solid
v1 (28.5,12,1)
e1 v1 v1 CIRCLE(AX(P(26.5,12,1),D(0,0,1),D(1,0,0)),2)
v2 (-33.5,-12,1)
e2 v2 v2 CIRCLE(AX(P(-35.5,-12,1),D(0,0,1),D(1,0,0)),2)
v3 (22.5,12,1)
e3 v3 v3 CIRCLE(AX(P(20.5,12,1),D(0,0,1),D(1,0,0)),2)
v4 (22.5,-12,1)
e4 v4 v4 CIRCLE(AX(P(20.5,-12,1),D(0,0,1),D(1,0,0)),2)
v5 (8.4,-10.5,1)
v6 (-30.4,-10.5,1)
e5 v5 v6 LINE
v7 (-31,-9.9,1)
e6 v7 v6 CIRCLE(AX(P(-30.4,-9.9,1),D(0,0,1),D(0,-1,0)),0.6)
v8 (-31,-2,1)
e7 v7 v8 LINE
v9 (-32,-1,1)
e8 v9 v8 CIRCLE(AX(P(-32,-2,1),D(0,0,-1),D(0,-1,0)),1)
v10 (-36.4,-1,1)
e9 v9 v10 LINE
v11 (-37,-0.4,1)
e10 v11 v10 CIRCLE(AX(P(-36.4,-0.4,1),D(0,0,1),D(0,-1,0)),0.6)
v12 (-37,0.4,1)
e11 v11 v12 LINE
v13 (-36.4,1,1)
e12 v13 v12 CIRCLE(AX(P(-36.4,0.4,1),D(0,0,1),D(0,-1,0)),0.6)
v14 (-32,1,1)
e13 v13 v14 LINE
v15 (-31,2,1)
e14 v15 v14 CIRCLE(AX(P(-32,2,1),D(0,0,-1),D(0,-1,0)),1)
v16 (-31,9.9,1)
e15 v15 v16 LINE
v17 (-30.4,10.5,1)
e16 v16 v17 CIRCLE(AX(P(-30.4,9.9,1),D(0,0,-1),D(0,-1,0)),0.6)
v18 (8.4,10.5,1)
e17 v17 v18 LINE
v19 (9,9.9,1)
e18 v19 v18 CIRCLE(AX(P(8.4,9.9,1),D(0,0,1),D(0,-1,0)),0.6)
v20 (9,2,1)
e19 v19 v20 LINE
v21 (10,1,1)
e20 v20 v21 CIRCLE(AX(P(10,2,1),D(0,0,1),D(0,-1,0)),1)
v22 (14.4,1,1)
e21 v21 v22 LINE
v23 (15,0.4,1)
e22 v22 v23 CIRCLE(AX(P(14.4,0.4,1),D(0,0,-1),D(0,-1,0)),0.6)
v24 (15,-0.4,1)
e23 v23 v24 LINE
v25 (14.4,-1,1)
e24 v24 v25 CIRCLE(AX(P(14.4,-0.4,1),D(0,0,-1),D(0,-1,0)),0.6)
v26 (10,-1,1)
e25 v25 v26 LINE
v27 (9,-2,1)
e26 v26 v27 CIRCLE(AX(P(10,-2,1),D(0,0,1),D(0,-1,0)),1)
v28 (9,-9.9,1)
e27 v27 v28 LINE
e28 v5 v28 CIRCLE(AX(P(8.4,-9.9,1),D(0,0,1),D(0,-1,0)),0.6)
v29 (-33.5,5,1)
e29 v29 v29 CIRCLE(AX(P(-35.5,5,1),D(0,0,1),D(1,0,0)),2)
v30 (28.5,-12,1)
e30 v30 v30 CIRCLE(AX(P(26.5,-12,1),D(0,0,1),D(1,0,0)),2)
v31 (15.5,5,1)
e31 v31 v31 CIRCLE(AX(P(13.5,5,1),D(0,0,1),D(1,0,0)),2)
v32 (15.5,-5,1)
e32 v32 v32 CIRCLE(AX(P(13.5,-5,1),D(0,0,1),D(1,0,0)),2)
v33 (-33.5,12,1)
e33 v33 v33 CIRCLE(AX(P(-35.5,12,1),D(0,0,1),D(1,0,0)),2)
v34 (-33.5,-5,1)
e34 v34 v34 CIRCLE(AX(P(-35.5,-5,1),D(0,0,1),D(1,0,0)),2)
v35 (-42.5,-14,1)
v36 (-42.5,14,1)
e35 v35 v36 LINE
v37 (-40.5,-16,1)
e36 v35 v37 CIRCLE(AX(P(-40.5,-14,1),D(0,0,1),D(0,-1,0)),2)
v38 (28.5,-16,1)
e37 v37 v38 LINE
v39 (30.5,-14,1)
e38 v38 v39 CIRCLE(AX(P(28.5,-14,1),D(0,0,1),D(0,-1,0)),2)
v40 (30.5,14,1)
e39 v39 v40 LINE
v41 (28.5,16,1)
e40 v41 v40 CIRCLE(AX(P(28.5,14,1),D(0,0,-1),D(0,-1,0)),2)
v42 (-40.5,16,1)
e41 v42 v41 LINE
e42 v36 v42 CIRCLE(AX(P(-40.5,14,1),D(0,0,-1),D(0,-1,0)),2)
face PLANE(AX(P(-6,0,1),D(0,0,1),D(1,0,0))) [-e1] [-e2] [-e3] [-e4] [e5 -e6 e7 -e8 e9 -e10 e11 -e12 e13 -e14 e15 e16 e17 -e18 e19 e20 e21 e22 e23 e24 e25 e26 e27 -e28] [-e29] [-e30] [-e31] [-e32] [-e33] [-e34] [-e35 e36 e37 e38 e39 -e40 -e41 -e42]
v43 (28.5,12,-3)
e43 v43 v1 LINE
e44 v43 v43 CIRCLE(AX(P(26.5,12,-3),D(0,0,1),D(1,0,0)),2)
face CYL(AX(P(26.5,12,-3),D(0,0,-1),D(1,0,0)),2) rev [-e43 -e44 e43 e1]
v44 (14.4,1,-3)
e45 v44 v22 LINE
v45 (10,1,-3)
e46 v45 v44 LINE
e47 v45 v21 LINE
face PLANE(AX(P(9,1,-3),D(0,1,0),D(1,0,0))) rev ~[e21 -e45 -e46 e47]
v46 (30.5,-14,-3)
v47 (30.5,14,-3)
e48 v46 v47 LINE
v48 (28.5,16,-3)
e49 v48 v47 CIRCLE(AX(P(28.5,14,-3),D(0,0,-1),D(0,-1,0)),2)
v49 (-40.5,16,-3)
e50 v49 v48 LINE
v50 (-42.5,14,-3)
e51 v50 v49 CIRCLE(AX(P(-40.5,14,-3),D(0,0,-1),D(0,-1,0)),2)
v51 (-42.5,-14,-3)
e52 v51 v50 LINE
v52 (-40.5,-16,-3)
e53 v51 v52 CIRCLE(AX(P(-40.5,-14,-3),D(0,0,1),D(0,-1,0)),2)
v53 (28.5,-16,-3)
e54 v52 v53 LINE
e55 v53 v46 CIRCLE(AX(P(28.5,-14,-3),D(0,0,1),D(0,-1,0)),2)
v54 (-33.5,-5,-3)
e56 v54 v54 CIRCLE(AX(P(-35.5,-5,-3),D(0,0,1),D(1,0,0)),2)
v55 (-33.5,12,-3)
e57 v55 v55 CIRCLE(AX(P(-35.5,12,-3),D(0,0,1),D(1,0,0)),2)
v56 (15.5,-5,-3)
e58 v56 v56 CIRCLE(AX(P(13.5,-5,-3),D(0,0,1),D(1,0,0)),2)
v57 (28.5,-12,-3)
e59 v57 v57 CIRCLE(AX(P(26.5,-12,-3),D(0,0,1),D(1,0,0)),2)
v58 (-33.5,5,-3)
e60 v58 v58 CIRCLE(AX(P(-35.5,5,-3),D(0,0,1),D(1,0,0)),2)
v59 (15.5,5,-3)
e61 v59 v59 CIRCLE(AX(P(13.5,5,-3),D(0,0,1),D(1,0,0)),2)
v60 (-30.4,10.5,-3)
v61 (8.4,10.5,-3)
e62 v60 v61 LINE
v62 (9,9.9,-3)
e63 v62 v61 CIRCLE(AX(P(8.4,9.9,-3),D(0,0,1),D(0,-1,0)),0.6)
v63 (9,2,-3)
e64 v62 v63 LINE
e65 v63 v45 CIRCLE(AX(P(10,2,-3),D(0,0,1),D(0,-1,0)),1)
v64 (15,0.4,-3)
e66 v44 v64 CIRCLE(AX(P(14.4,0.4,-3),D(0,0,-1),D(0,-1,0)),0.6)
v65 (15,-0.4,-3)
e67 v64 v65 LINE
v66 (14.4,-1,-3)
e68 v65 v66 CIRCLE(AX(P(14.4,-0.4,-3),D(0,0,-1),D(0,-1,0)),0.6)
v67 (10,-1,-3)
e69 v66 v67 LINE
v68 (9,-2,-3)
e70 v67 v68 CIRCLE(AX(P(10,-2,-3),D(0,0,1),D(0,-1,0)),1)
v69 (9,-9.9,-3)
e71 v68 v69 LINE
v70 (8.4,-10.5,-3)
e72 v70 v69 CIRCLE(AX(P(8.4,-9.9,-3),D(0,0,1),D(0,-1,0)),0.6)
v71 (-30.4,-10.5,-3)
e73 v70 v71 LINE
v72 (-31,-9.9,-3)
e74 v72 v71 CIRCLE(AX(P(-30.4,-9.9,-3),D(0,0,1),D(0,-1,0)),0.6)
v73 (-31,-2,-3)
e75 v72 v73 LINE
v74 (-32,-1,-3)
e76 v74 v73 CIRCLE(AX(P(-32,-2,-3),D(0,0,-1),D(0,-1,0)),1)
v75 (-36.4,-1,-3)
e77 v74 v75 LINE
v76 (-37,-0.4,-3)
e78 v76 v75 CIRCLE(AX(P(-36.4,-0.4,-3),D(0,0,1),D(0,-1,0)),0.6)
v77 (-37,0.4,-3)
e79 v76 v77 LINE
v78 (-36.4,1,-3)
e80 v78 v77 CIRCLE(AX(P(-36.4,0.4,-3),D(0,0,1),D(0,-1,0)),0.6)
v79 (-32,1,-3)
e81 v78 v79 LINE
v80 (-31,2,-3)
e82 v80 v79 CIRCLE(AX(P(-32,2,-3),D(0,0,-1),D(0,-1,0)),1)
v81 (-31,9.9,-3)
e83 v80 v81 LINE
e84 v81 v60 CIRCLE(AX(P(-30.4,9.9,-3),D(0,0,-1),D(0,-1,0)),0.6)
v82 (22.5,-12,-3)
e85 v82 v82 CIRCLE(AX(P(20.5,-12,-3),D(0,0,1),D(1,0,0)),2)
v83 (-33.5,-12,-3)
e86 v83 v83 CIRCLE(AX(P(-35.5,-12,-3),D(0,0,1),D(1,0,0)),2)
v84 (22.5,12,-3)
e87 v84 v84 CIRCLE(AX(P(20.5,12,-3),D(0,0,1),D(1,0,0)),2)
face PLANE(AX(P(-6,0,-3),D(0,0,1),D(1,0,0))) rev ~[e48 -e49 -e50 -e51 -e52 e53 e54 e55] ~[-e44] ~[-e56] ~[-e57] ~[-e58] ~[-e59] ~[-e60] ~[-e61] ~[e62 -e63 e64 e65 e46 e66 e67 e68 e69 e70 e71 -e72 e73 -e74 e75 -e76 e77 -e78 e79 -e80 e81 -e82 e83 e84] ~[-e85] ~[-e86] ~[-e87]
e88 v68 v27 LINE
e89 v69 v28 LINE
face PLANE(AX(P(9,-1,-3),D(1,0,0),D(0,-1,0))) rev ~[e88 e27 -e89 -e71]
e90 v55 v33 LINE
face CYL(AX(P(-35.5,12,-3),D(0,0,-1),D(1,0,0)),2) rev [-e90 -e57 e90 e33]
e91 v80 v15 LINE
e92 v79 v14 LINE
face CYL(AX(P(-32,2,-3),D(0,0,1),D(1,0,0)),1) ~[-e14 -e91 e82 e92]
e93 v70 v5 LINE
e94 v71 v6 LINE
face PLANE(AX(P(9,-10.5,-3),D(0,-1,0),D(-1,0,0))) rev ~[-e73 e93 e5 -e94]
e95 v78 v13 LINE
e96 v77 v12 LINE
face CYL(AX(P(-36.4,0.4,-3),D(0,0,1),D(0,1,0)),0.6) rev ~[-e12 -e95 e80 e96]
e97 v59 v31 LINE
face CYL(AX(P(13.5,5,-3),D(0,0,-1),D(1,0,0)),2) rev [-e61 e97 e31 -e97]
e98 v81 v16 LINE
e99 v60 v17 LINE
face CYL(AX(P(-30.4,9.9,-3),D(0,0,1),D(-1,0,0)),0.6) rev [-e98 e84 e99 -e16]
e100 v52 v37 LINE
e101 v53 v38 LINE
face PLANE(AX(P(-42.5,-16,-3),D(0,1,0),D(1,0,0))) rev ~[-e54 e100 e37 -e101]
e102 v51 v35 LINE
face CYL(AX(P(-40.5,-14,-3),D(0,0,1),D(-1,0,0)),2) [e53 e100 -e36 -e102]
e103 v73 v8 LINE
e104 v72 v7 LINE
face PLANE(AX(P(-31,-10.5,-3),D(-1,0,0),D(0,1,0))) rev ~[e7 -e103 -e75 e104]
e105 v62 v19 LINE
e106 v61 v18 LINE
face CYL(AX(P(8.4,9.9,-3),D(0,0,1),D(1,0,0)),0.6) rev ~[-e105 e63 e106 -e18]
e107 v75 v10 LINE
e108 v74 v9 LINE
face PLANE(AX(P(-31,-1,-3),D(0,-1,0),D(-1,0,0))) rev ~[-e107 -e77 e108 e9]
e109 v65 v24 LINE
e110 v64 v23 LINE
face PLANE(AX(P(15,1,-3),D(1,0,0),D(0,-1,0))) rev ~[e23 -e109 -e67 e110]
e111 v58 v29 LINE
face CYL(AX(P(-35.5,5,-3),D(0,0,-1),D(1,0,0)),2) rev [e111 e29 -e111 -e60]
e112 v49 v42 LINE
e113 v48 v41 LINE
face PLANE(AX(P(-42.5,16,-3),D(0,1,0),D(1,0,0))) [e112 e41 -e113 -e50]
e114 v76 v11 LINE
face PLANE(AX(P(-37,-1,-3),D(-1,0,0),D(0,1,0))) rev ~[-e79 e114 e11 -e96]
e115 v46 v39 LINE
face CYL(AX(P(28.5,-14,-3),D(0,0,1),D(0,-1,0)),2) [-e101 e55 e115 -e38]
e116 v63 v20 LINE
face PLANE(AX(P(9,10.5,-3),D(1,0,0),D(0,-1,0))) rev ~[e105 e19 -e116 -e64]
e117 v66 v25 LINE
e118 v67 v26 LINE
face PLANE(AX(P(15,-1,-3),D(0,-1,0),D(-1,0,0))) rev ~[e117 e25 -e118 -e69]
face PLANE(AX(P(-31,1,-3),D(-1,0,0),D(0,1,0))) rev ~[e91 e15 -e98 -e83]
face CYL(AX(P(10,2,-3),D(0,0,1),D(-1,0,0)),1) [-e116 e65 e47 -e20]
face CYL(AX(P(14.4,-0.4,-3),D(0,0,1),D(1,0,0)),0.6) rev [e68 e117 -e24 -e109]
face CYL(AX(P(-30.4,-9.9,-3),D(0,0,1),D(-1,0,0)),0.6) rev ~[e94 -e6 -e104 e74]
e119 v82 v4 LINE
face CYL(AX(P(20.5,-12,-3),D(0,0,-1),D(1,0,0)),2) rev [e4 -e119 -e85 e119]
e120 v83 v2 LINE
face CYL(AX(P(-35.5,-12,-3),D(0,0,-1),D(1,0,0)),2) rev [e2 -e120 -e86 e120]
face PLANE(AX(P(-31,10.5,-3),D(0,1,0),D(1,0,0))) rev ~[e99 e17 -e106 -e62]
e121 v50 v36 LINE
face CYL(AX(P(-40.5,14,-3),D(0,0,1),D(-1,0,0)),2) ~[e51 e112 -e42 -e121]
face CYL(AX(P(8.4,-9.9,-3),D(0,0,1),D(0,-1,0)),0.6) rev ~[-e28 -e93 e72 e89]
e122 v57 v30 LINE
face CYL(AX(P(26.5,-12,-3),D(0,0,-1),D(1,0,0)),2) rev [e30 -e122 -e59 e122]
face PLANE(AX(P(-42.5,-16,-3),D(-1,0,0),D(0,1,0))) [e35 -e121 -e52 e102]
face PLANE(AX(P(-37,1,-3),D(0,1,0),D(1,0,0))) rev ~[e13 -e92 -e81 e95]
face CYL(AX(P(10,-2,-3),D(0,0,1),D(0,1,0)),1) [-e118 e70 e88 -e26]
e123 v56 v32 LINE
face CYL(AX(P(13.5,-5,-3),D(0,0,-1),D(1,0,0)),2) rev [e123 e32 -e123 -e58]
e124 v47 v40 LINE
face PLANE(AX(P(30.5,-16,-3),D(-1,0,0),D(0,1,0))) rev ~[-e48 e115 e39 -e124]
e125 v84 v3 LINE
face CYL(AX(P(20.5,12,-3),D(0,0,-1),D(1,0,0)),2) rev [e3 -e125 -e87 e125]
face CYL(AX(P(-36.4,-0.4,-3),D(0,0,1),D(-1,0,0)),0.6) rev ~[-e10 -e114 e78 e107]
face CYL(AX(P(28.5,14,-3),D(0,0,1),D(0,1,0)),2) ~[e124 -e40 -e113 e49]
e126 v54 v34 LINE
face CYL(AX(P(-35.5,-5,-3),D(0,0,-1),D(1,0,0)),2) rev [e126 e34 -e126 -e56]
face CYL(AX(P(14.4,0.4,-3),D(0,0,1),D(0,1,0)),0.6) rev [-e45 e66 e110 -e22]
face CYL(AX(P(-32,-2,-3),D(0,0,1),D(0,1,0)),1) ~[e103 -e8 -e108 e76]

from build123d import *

# Parameters (mm, degrees)
SKETCH007_W = 73
SKETCH007_H = 32
SKETCH007_R = 2
PAD_DEPTH   = 4
FILLET_R    = 0.6
FILLET001_R = 1
FILLET002_R = 0.6
FILLET003_R = 2


with BuildPart() as part:
    # Sketch007 → Pad (new body)
    with BuildSketch(Plane.XY.offset(-3)):
        with Locations((-6, 0)):
            Rectangle(SKETCH007_W, SKETCH007_H)
        with Locations((-35.5, 5)):
            Circle(SKETCH007_R, mode=Mode.SUBTRACT)
        with Locations((-35.5, -5)):
            Circle(SKETCH007_R, mode=Mode.SUBTRACT)
        with Locations((13.5, 5)):
            Circle(SKETCH007_R, mode=Mode.SUBTRACT)
        with Locations((13.5, -5)):
            Circle(SKETCH007_R, mode=Mode.SUBTRACT)
        with Locations((-35.5, 12)):
            Circle(SKETCH007_R, mode=Mode.SUBTRACT)
        with Locations((-35.5, -12)):
            Circle(SKETCH007_R, mode=Mode.SUBTRACT)
        with Locations((20.5, 12)):
            Circle(SKETCH007_R, mode=Mode.SUBTRACT)
        with Locations((20.5, -12)):
            Circle(SKETCH007_R, mode=Mode.SUBTRACT)
        with Locations((26.5, -12)):
            Circle(SKETCH007_R, mode=Mode.SUBTRACT)
        with Locations((26.5, 12)):
            Circle(SKETCH007_R, mode=Mode.SUBTRACT)
        Polygon((-31, 10.5), (9, 10.5), (9, 1), (15, 1), (15, -1), (9, -1), (9, -10.5), (-31, -10.5), (-31, -1), (-37, -1), (-37, 1), (-31, 1), align=None, mode=Mode.SUBTRACT)
    extrude(amount=PAD_DEPTH)

    # Fillet
    fillet_edges = [part.edges().sort_by_distance(p)[0] for p in [
        (9, -10.5, -1),
        (9, 10.5, -1),
        (-31, 10.5, -1),
        (-31, -10.5, -1),
    ]]
    fillet(fillet_edges, radius=FILLET_R)

    # Fillet001
    fillet001_edges = [part.edges().sort_by_distance(p)[0] for p in [
        (-31, -1, -1),
        (-31, 1, -1),
        (9, -1, -1),
        (9, 1, -1),
    ]]
    fillet(fillet001_edges, radius=FILLET001_R)

    # Fillet002
    fillet002_edges = [part.edges().sort_by_distance(p)[0] for p in [
        (-37, -1, -1),
        (-37, 1, -1),
        (15, -1, -1),
        (15, 1, -1),
    ]]
    fillet(fillet002_edges, radius=FILLET002_R)

    # Fillet003
    fillet003_edges = [part.edges().sort_by_distance(p)[0] for p in [
        (30.5, 16, -1),
        (30.5, -16, -1),
        (-42.5, 16, -1),
        (-42.5, -16, -1),
    ]]
    fillet(fillet003_edges, radius=FILLET003_R)


solid = part.part
